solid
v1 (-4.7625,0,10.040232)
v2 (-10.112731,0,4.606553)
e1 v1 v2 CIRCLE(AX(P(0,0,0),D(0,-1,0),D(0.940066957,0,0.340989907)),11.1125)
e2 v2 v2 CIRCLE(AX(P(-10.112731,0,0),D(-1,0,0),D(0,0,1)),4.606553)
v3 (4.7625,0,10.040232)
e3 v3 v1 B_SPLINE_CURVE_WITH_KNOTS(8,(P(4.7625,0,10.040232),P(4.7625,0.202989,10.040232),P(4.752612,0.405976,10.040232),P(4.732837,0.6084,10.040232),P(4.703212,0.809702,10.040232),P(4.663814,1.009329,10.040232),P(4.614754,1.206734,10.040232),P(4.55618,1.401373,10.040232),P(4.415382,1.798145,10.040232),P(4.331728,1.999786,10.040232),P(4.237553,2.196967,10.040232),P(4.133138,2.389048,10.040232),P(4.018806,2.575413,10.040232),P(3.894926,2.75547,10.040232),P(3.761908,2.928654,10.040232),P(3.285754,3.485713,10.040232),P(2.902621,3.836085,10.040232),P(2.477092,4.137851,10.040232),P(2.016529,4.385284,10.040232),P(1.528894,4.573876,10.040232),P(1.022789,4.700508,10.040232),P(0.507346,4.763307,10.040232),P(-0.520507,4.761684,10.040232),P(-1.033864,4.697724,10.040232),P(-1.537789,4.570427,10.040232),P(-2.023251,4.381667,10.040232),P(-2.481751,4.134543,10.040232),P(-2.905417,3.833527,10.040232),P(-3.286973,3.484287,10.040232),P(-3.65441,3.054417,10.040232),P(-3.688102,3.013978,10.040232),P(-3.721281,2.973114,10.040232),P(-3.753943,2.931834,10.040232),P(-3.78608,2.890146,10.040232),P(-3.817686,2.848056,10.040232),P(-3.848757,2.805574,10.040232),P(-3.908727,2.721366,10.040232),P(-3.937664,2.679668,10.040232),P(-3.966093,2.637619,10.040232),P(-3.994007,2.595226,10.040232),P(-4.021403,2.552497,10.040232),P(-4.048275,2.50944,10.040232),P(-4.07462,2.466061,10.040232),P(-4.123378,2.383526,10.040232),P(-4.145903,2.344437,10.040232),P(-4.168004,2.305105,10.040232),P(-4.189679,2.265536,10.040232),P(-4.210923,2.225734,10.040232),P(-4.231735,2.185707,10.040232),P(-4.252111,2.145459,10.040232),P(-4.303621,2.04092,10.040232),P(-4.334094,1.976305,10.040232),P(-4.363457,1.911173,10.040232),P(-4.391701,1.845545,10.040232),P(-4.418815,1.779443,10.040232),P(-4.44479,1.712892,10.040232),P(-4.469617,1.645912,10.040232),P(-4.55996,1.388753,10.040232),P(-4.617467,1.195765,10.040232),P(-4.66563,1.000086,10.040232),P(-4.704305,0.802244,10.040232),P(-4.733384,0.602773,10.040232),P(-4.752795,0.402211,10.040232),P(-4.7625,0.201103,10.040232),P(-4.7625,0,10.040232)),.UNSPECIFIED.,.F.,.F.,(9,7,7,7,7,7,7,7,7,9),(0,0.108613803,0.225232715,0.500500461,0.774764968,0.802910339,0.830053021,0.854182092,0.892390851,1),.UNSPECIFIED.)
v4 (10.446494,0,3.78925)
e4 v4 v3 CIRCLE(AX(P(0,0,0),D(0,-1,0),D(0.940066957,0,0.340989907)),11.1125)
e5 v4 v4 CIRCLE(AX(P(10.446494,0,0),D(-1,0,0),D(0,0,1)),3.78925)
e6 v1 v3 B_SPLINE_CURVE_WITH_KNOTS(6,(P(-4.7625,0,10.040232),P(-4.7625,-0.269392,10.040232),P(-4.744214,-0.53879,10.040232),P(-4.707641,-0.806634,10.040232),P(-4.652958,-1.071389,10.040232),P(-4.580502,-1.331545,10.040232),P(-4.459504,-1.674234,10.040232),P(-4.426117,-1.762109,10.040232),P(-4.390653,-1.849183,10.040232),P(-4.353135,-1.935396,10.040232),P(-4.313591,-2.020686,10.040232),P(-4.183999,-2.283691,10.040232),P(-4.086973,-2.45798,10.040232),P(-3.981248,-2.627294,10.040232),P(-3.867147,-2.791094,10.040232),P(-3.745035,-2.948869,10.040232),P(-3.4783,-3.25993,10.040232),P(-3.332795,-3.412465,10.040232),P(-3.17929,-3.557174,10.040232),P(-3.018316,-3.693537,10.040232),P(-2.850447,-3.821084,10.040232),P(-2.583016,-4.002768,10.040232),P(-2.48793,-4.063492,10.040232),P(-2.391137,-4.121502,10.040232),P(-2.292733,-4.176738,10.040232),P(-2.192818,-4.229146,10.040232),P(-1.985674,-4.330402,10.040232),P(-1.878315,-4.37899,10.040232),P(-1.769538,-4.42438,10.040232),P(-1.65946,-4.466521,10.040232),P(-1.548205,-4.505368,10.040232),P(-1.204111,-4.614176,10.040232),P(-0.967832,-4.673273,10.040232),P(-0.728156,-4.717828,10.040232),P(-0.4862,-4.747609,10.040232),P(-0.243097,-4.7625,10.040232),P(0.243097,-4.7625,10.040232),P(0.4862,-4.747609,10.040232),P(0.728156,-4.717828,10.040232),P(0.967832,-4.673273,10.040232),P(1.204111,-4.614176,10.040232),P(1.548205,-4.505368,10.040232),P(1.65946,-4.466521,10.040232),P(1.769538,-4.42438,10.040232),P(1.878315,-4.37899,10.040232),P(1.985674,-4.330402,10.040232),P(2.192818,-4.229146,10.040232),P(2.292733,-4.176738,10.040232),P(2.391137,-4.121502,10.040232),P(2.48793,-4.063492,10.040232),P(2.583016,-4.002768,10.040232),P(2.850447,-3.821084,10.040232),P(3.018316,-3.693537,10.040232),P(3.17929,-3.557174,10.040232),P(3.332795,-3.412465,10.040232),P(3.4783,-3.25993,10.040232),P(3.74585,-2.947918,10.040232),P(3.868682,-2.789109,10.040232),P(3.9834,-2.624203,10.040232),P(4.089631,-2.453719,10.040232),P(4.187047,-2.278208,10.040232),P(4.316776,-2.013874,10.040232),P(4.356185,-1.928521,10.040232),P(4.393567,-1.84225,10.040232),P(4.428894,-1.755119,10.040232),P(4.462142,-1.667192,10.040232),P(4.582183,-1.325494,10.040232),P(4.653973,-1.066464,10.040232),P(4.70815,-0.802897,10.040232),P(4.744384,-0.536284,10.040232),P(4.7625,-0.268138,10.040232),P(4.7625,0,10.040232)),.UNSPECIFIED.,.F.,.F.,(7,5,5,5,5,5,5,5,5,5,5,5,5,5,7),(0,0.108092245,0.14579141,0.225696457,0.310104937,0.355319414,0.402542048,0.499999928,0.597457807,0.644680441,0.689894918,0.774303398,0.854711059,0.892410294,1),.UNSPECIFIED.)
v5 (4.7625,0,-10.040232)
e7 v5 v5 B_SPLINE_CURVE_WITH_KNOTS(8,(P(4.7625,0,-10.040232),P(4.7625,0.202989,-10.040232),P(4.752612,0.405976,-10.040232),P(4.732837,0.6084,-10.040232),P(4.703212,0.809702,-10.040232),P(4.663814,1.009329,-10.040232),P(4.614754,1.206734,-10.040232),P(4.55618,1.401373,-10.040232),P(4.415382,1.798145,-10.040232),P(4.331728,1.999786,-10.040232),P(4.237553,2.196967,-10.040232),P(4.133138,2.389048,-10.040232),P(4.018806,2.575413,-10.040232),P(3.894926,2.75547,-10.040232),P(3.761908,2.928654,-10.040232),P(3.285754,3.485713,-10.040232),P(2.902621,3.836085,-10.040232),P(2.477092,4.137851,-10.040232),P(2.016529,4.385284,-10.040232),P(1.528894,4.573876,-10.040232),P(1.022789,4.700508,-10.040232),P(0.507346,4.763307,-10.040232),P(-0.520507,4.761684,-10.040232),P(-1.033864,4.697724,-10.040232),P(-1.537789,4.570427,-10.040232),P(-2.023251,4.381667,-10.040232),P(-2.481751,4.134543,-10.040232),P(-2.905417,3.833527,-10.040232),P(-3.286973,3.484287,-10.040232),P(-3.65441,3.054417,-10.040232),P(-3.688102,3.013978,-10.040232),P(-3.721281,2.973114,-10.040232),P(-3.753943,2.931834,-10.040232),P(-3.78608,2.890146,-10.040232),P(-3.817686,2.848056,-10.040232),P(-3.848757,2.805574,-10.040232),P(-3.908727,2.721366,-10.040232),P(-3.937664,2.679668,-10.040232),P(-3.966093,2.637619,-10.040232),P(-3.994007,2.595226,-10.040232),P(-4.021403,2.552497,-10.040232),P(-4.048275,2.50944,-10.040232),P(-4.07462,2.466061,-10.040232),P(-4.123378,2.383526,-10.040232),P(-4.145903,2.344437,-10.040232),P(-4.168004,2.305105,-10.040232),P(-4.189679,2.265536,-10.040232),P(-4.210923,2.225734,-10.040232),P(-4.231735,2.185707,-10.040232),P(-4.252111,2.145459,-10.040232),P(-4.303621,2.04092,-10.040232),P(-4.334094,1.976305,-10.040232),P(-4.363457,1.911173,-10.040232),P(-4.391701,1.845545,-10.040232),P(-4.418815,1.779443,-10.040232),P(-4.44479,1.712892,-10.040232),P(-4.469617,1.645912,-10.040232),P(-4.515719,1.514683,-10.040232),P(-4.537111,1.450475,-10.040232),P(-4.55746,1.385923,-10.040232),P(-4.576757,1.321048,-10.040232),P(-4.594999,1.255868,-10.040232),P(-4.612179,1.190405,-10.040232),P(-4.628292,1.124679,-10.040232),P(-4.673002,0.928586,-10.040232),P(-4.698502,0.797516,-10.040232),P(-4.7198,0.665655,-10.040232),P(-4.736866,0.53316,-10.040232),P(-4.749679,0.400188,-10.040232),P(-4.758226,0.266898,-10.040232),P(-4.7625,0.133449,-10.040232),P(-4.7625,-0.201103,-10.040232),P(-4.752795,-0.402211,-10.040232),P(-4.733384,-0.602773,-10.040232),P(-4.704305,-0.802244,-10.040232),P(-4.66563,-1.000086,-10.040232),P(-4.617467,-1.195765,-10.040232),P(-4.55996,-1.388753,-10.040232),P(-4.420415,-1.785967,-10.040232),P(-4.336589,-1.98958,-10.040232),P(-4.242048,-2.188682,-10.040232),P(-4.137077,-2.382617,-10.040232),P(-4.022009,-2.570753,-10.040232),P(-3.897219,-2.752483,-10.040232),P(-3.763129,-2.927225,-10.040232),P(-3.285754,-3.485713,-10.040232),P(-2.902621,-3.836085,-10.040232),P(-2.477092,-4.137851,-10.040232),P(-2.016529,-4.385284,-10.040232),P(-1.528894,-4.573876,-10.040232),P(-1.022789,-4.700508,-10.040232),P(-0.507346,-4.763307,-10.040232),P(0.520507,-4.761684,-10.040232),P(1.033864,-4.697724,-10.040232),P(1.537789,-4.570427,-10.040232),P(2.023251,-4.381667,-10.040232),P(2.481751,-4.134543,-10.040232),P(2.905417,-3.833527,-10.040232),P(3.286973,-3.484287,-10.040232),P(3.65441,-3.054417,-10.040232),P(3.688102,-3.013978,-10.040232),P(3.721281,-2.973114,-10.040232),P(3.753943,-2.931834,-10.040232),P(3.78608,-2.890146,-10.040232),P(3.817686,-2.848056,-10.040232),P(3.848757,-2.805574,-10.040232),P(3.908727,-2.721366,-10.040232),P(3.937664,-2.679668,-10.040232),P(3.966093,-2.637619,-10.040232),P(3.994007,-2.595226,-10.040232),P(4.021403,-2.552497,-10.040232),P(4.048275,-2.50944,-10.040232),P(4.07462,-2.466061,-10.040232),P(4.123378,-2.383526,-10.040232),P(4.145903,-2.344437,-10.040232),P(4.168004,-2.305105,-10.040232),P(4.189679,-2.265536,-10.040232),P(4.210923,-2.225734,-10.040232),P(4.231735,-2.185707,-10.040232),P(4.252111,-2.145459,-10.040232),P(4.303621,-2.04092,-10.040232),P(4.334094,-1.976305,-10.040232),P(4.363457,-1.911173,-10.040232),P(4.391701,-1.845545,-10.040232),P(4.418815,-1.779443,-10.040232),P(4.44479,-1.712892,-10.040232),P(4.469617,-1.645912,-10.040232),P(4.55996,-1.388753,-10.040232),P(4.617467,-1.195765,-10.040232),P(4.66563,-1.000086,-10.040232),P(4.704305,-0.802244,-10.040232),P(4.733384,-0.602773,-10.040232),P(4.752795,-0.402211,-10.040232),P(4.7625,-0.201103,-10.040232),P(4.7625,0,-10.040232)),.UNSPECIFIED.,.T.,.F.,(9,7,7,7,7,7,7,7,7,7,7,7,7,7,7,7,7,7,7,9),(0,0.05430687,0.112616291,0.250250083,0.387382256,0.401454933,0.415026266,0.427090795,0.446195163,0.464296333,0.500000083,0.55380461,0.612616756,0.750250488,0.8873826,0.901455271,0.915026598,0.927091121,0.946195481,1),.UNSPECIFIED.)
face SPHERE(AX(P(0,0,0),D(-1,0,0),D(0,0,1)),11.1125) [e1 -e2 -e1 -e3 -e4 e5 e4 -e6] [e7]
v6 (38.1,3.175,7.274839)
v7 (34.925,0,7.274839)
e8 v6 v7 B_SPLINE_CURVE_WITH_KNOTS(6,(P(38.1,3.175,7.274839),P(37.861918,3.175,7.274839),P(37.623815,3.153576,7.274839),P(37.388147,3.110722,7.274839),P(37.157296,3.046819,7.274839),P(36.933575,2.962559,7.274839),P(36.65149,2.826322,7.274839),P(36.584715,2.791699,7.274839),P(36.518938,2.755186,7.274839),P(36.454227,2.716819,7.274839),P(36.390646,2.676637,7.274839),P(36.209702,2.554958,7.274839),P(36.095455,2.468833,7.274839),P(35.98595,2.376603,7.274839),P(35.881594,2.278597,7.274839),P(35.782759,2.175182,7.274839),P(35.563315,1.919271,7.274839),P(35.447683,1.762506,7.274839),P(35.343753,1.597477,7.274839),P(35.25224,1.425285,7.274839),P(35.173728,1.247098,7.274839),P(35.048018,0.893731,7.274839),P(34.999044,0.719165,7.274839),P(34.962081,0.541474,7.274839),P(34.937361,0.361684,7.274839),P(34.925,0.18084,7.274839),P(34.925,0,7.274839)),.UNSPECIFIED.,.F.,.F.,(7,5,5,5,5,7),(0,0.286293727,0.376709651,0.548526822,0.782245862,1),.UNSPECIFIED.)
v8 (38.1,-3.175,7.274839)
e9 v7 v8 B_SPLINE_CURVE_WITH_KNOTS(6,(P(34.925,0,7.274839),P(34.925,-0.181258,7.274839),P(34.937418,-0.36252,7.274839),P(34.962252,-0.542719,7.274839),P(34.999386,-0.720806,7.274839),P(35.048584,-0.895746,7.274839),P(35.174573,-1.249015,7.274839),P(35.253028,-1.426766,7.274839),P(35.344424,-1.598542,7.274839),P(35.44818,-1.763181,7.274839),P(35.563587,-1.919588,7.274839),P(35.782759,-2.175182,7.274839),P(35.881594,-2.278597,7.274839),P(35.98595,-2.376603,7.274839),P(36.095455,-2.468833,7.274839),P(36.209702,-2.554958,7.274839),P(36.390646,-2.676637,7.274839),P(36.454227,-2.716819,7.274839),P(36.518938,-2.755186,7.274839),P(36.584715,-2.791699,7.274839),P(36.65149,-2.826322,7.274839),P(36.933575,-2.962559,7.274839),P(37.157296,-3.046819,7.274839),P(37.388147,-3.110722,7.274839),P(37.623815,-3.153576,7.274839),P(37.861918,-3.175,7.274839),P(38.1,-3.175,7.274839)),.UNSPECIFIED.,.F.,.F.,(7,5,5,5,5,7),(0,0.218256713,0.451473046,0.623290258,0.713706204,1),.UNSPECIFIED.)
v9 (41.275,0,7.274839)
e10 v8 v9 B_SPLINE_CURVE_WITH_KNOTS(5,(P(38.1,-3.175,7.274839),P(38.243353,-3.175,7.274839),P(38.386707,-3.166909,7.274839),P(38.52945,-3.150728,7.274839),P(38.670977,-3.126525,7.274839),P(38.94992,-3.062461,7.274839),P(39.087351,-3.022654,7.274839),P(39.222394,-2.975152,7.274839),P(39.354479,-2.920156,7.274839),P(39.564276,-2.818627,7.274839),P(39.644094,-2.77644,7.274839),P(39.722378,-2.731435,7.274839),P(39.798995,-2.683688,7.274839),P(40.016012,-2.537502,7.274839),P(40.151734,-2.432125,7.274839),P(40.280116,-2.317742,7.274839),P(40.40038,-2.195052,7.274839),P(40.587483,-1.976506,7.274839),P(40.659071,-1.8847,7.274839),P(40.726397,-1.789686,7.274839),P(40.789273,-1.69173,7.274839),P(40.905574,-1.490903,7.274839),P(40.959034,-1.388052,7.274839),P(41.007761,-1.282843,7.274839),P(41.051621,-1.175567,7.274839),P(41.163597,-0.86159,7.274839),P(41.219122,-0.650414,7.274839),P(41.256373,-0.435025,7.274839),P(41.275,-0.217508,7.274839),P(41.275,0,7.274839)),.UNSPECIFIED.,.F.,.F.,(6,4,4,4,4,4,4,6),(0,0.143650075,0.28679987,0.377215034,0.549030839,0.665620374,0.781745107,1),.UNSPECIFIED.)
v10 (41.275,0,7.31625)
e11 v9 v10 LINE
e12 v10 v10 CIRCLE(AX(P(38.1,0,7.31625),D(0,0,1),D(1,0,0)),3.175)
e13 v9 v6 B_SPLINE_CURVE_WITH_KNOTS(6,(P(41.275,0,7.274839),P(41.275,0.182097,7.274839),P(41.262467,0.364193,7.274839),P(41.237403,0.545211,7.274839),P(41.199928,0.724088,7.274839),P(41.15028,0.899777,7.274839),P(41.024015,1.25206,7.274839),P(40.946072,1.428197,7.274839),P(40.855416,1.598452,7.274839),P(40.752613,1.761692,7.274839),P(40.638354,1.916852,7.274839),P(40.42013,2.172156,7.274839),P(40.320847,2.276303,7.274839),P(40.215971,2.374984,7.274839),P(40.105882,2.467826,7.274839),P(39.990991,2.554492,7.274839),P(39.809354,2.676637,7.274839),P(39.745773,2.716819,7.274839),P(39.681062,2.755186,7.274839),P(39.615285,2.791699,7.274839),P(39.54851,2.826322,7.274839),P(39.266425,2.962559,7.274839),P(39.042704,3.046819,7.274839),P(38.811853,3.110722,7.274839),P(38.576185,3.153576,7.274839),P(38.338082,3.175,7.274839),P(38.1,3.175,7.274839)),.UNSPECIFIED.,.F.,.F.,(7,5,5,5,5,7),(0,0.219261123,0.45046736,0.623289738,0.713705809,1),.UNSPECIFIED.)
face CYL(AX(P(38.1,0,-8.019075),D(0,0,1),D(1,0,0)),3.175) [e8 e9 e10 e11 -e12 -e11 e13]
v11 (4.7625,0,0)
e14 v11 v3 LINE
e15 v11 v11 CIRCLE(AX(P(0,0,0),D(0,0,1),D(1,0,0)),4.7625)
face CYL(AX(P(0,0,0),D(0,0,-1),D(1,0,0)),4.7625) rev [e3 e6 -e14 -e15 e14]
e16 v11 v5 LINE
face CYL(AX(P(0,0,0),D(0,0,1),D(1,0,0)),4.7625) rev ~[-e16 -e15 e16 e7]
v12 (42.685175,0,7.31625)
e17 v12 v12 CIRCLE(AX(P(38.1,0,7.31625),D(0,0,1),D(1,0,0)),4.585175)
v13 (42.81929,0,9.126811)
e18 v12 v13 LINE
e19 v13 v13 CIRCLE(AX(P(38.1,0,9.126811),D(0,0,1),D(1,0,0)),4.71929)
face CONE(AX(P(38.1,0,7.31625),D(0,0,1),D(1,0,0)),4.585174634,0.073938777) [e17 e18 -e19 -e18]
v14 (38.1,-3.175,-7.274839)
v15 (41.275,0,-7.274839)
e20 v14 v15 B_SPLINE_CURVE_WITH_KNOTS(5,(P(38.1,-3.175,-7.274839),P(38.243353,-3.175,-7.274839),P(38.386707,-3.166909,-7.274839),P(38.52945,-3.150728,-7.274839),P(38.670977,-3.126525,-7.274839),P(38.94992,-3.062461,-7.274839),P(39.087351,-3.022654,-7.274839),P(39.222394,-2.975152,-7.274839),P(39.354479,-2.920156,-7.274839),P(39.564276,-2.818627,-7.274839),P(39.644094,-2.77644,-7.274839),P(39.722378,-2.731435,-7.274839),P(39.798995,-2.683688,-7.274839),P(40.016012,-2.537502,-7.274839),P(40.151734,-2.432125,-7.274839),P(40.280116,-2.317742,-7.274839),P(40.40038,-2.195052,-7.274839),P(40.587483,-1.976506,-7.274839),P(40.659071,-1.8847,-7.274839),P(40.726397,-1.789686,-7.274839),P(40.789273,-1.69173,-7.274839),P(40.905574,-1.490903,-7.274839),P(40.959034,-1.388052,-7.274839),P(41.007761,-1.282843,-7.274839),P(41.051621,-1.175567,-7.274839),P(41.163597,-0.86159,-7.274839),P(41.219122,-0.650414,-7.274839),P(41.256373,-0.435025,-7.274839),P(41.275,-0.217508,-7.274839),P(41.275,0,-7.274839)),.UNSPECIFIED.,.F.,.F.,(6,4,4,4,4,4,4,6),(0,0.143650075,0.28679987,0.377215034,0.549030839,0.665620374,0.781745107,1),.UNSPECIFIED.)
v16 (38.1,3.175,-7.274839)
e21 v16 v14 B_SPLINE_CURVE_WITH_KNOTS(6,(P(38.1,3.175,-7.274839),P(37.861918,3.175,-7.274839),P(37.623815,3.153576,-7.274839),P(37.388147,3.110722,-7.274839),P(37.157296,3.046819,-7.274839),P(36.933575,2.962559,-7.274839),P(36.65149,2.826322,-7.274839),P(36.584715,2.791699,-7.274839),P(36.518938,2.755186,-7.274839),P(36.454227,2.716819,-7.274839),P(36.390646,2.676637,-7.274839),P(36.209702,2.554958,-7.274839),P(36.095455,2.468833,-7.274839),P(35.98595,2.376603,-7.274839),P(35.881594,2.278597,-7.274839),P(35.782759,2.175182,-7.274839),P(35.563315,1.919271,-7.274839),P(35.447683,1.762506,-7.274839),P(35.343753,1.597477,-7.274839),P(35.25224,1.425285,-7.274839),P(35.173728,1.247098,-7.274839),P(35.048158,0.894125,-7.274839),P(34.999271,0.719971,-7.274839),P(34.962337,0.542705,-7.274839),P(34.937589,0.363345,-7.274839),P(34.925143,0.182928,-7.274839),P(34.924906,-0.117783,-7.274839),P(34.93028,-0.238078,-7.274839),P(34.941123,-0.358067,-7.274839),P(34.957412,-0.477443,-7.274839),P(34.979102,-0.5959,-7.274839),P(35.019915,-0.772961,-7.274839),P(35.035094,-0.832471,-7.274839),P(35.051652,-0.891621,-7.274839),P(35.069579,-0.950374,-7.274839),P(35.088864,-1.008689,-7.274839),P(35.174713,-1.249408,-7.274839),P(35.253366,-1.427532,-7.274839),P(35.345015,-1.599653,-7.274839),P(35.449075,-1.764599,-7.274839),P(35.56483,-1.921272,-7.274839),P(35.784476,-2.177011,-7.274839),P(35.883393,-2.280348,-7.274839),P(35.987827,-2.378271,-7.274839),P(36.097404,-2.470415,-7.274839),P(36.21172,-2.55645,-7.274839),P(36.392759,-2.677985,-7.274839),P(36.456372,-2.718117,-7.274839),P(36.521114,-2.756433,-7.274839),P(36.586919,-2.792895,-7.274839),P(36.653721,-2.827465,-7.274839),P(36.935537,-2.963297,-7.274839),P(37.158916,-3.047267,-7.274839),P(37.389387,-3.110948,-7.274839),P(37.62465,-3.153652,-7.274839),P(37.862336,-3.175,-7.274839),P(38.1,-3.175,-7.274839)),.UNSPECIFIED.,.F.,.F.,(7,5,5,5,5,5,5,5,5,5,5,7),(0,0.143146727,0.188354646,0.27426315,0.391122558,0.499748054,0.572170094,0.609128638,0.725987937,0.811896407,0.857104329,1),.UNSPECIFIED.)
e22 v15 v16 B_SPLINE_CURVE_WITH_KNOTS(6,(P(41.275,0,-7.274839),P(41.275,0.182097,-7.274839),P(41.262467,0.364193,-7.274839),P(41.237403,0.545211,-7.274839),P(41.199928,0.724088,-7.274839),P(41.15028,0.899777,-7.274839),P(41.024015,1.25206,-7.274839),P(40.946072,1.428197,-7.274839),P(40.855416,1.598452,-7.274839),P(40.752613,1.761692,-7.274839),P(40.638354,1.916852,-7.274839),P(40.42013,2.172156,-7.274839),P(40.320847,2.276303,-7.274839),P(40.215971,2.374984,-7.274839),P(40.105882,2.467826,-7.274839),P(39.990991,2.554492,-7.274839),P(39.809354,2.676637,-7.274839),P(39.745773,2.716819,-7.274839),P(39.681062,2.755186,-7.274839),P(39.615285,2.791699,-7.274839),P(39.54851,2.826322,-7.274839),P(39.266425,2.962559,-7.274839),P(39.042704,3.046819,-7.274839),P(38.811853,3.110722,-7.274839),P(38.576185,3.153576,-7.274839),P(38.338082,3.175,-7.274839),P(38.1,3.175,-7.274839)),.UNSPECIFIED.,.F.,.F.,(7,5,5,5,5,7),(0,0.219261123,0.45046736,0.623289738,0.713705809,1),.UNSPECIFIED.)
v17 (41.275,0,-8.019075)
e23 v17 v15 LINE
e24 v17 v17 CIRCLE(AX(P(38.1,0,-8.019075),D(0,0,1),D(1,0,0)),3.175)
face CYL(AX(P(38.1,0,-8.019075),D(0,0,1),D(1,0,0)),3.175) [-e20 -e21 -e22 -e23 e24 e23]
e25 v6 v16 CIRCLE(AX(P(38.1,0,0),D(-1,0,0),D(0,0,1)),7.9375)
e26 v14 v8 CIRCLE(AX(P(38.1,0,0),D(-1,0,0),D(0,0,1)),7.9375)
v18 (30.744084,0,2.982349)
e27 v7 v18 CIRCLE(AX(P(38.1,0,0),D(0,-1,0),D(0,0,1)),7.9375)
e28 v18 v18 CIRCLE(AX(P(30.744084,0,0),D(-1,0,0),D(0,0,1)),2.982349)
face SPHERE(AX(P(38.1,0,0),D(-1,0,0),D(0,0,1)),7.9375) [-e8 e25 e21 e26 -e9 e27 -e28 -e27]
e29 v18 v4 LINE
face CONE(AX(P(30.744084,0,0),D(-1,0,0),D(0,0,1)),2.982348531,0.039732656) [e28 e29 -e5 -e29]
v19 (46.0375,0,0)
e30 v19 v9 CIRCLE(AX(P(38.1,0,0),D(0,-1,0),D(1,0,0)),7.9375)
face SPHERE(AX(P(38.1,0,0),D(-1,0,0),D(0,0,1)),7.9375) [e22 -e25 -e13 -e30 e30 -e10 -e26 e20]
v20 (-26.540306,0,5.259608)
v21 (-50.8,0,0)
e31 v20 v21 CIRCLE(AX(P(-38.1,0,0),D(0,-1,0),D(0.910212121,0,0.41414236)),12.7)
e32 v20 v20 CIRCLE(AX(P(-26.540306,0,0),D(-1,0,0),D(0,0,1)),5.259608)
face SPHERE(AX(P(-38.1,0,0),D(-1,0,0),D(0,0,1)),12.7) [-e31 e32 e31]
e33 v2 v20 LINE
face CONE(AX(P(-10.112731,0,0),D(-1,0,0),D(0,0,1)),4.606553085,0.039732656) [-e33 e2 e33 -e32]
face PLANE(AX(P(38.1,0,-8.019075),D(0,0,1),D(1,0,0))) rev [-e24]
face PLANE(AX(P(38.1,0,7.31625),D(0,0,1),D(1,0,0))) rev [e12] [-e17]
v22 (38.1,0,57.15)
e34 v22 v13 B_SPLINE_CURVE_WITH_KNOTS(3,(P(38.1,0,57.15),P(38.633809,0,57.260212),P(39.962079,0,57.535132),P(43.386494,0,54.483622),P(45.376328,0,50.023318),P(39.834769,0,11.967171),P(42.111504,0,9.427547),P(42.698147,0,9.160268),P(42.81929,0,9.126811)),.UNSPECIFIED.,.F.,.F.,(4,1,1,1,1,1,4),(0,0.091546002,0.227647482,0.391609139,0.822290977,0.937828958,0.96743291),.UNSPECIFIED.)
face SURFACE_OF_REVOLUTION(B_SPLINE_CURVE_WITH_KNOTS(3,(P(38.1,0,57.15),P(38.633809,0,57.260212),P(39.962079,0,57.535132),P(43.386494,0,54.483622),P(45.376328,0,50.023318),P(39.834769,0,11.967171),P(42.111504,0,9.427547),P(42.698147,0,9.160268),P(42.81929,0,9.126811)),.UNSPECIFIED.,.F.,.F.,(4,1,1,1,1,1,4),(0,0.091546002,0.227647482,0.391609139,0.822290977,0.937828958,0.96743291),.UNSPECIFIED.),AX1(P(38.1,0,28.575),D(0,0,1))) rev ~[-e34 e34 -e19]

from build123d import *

# Parameters (mm, degrees)
F0_R          = 4.7625
F0_R_2        = 3.175
F3_DEPTH      = 25.4
F3_DEPTH_BACK = 25.4


with BuildPart() as f2:
    # F1 (on Front) → F2 (revolve)
    with BuildSketch(Plane.XZ):
        with BuildLine():
            Line((-50.8, 0), (0, 0))
            Line((0, 0), (46.0375, 0))
            ThreePointArc((46.0375, 0), (43.7126600757, 5.6126600757), (38.1, 7.9375))
            ThreePointArc((38.1, 7.9375), (33.6653909537, 6.5831716411), (30.7440837762, 2.9823485307))
            Line((30.7440837762, 2.9823485307), (10.4464940581, 3.7892503407))
            ThreePointArc((10.4464940581, 3.7892503407), (0.4414129771, 11.1037295912), (-10.1127308342, 4.6065530849))
            Line((-10.1127308342, 4.6065530849), (-26.5403060608, 5.2596079731))
            ThreePointArc((-26.5403060608, 5.2596079731), (-40.7909001256, 12.4116500319), (-50.8, 0))
        make_face()
    revolve(axis=Axis((-25.4, 0, 0), (-1, 0, 0)))

    # F0 (on Top) → F3 (cut, two sides)
    with BuildSketch(Plane.XY) as f3_sk:
        Circle(F0_R)
        with Locations((38.1, 0)):
            Circle(F0_R_2)
    extrude(amount=-F3_DEPTH, mode=Mode.SUBTRACT)
    extrude(f3_sk.sketch, amount=F3_DEPTH_BACK, mode=Mode.SUBTRACT)

    # F4 (on Front) → F5 (revolve)
    with BuildSketch(Plane.XZ):
        with BuildLine():
            Line((38.1, 57.15), (38.1, 0))
            Line((38.1, 0), (38.1, -8.0190747976))
            Line((38.1, -8.0190747976), (41.275, -8.0190747976))
            Line((41.275, -8.0190747976), (41.275, 7.316250355))
            Line((41.275, 7.316250355), (42.6851746338, 7.316250355))
            Line((42.6851746338, 7.316250355), (42.8192897481, 9.1268108057))
            add(Edge.make_bspline(
                [(38.1, 57.15), (38.6338089941, 57.2602124833), (39.9620793922, 57.5351315702), (43.3864941638, 54.4836217076), (45.3763277656, 50.0233180211), (39.8347693404, 11.9671706067), (42.1115041372, 9.4275469633), (42.6981474798, 9.1602681559), (42.8192897481, 9.1268108057)],
                knots=[0, 0, 0, 0, 0.0915460023, 0.2276474816, 0.3916091393, 0.8222909766, 0.937828958, 0.9674329102, 0.9674329102, 0.9674329102, 0.9674329102], degree=3))
        make_face()
    revolve(axis=Axis((38.1, 0, 28.575), (0, 0, 1)))


solid = f2.part
